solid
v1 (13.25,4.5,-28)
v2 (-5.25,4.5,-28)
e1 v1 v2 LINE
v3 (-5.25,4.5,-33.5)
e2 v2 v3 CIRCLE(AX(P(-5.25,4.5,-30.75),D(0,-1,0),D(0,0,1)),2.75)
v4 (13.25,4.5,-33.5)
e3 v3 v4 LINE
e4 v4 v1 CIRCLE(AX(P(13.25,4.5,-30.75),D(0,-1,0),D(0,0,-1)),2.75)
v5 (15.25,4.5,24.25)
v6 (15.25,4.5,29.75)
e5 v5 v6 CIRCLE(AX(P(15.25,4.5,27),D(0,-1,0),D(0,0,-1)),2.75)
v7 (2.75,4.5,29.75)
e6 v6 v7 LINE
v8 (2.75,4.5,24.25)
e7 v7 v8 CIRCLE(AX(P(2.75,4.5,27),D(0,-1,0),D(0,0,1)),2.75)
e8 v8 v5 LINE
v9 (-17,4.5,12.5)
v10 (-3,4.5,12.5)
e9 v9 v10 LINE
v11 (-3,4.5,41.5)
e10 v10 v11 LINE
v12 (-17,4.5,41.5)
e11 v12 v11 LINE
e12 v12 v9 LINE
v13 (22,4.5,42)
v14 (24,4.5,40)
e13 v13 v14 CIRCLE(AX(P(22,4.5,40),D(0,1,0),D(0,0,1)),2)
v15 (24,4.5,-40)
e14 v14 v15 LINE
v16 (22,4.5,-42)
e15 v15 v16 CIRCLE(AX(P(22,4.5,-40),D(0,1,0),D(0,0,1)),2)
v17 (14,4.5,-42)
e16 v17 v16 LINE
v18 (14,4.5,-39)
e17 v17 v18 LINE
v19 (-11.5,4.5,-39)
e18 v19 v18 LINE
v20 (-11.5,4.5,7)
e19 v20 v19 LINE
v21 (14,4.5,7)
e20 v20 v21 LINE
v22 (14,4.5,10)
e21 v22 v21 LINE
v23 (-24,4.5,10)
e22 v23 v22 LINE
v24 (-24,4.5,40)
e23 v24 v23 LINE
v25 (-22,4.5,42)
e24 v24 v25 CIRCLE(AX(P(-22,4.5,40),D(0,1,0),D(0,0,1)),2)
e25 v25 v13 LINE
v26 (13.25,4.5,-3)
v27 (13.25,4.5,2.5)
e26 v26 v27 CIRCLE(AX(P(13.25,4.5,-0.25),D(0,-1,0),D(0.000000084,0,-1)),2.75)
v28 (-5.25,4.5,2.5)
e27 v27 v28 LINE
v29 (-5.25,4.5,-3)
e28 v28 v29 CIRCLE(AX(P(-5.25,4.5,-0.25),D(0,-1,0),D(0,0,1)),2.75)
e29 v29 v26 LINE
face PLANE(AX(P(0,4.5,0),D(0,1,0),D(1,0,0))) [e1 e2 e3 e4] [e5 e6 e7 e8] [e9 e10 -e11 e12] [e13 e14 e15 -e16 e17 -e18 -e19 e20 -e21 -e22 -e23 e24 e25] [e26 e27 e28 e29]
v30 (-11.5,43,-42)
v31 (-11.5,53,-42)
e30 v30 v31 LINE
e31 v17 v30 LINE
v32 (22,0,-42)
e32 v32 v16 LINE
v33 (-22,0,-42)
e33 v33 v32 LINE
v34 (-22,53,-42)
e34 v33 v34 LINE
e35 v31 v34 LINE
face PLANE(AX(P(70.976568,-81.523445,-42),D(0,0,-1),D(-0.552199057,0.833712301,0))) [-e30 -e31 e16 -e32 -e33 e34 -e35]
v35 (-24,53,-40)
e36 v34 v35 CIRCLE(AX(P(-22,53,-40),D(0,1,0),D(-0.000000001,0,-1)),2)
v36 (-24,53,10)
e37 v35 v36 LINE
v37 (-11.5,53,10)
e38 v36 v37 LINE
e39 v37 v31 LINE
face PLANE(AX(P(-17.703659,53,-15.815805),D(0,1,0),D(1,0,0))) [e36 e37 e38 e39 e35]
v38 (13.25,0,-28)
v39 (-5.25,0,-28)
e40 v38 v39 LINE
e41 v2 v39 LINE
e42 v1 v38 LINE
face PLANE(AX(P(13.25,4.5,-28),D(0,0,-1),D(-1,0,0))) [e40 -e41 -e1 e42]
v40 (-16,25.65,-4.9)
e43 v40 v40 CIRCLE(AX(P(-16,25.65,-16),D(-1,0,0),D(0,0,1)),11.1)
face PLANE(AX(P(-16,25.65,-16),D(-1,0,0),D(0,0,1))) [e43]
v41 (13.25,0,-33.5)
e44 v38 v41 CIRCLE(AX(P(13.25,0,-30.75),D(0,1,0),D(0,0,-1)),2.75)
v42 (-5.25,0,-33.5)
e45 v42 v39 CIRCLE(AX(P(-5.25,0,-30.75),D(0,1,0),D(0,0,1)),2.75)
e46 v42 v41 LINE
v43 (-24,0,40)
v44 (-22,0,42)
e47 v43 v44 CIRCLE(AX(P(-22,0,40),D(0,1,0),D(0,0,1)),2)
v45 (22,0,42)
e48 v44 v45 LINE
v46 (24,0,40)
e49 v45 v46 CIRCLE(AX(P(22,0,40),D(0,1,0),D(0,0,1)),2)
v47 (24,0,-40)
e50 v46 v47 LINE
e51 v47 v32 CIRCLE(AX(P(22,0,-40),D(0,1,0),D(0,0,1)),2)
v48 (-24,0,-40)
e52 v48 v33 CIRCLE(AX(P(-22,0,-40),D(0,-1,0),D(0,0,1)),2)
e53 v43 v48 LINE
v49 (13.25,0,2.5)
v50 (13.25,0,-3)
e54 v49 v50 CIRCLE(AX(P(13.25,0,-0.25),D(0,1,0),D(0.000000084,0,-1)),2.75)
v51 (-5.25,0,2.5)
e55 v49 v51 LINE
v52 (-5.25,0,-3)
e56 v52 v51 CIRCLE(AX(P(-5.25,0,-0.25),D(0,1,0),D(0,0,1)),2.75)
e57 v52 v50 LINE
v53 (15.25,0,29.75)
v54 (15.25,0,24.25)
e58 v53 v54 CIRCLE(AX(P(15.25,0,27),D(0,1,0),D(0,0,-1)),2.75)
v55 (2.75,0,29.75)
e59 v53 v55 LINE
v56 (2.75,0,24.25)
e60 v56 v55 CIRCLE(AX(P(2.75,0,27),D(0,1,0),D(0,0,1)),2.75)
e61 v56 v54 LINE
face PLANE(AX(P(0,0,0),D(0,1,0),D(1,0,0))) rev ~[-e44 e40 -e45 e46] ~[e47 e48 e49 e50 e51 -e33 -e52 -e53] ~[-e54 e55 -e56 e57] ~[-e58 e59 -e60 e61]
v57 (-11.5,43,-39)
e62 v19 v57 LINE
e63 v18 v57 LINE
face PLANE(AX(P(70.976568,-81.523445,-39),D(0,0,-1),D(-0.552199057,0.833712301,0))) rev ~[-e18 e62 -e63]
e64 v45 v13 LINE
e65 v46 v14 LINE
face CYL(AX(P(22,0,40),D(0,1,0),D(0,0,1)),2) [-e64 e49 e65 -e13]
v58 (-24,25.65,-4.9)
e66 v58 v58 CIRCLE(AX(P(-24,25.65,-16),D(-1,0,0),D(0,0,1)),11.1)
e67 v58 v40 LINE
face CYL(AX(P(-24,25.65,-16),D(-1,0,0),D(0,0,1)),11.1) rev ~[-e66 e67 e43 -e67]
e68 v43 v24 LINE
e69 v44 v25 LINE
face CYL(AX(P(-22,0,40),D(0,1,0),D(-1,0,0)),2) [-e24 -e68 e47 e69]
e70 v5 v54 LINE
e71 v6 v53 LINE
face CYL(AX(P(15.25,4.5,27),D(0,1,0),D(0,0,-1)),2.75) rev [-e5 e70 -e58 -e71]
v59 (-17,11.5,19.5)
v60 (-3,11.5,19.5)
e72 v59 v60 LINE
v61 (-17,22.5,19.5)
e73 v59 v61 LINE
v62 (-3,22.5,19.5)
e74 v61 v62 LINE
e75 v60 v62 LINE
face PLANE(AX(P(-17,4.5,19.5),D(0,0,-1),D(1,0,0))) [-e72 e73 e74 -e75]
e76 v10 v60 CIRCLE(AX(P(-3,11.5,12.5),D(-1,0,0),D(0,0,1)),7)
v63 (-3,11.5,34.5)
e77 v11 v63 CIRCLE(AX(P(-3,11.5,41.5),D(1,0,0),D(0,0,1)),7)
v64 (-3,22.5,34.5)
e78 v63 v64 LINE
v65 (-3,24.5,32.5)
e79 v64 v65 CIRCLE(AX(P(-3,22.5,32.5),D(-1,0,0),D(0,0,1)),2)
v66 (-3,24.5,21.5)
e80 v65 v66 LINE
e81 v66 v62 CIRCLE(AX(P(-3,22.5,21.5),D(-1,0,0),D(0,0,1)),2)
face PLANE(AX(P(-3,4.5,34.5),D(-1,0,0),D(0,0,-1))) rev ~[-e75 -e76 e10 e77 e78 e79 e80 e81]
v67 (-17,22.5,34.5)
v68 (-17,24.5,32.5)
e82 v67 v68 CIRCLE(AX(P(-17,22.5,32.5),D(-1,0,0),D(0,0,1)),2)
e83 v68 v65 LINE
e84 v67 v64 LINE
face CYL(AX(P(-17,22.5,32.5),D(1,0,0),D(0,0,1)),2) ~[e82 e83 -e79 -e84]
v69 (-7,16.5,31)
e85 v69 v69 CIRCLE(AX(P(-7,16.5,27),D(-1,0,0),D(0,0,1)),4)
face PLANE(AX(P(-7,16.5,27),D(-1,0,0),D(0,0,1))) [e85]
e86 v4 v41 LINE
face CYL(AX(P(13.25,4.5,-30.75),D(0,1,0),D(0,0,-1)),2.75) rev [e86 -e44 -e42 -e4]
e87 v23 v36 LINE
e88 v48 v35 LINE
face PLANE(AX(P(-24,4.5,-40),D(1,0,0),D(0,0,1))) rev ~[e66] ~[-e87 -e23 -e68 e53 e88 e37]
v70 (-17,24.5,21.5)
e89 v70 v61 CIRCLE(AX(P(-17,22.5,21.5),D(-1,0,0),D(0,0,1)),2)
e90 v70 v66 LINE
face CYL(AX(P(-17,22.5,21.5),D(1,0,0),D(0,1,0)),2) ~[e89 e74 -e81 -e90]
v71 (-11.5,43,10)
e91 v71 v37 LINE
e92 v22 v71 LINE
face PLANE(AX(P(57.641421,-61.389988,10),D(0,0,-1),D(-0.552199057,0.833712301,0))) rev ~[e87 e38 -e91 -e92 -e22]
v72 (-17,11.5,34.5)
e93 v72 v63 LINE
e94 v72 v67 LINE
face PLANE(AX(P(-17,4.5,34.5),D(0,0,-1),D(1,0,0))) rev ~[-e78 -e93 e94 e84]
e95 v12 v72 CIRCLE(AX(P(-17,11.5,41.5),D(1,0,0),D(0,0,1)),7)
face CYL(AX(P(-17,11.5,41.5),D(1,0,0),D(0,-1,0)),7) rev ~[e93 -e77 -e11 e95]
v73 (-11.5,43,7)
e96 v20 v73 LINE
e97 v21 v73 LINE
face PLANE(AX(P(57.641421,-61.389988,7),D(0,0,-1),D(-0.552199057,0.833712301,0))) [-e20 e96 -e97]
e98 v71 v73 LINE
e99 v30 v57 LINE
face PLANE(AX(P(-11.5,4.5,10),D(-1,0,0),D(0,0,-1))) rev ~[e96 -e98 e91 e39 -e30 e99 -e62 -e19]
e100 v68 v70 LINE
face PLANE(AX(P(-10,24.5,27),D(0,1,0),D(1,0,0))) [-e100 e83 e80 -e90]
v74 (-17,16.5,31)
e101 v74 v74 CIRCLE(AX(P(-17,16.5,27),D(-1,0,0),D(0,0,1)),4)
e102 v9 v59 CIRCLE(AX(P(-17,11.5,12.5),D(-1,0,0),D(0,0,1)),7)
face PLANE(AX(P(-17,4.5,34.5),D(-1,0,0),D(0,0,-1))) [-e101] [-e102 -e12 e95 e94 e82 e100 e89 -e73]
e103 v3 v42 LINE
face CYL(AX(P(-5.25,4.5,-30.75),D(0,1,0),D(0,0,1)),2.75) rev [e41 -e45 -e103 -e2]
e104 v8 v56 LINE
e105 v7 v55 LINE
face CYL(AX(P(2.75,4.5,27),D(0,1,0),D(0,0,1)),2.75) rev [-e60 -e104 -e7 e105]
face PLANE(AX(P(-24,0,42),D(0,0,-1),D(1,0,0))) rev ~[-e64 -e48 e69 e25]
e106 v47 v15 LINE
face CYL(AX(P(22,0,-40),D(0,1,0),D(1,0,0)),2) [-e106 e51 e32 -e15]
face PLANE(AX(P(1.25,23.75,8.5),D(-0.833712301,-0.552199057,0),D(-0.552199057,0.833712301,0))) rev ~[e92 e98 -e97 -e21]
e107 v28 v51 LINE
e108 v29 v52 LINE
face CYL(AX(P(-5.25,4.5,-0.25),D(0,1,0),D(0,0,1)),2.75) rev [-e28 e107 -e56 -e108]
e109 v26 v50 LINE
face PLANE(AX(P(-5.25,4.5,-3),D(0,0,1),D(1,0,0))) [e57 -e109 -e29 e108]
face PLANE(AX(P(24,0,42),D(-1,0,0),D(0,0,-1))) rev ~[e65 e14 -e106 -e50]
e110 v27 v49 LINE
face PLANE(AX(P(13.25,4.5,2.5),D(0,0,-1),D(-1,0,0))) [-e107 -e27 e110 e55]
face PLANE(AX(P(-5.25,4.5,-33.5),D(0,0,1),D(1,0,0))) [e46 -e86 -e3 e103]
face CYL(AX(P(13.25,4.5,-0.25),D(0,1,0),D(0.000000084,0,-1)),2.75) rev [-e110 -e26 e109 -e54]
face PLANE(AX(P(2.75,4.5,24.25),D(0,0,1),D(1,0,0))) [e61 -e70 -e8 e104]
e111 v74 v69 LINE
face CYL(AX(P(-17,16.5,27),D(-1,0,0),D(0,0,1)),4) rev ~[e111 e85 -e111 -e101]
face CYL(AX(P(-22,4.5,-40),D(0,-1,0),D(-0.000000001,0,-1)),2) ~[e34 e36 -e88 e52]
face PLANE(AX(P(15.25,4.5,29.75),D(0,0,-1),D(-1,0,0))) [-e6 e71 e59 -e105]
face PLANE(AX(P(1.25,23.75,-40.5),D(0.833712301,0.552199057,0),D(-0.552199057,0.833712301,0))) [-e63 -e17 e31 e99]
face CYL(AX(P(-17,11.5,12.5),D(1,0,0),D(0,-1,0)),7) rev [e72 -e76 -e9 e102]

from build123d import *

# Parameters (mm, degrees)
SKETCH1_W           = 48
SKETCH1_H           = 84
BOSS_EXTRUDE1_DEPTH = 4.5
FILLET1_R           = 2
CUT_EXTRUDE1_DEPTH  = 49.582404222
BOSS_EXTRUDE2_DEPTH = 48.5
RIB1_REACH          = 104.181
SKETCH4_WALL_W      = 252.541422716
SKETCH4_WALL_H      = 3
RIB14_REACH         = 80.032
SKETCH5_WALL_W      = 204.243088956
SKETCH5_WALL_H      = 3
SKETCH6_R           = 11.1
CUT_EXTRUDE2_DEPTH  = 8
SKETCH7_W           = 14
SKETCH7_H           = 15
BOSS_EXTRUDE3_DEPTH = 20
FILLET2_R           = 7
FILLET3_R           = 2
SKETCH8_R           = 4
CUT_EXTRUDE3_DEPTH  = 10
CUT_EXTRUDE4_DEPTH  = 69.5


with BuildPart() as part:
    # Sketch1 → Boss-Extrude1 (new body)
    with BuildSketch(Plane(origin=(0, 0, 0), x_dir=(1, 0, 0), z_dir=(0, 1, 0))):
        Rectangle(SKETCH1_W, SKETCH1_H)
    extrude(amount=BOSS_EXTRUDE1_DEPTH)

    # Fillet1
    fillet1_edges = [part.edges().sort_by_distance(p)[0] for p in [
        (-24, 2.25, -42),
        (24, 2.25, -42),
        (24, 2.25, 42),
        (-24, 2.25, 42),
    ]]
    fillet(fillet1_edges, radius=FILLET1_R)

    # Sketch2 → Cut-Extrude1 (cut, through all)
    with BuildSketch(Plane(origin=(0, 4.5, 0), x_dir=(1, 0, 0), z_dir=(0, 1, 0))):
        with BuildLine():
            Line((-5.25, 33.5), (13.25, 33.5))
            ThreePointArc((13.25, 33.5), (16, 30.750000115), (13.25000023, 28))
            Line((13.25000023, 28), (-5.25, 28))
            ThreePointArc((-5.25, 28), (-8, 30.75), (-5.25, 33.5))
        make_face()
        with BuildLine():
            Line((-5.25, 3), (13.25000023, 3))
            ThreePointArc((13.25000023, 3), (16, 0.249999885), (13.25, -2.5))
            Line((13.25, -2.5), (-5.25, -2.5))
            ThreePointArc((-5.25, -2.5), (-8, 0.25), (-5.25, 3))
        make_face()
    extrude(amount=-CUT_EXTRUDE1_DEPTH, mode=Mode.SUBTRACT)

    # Sketch3 → Boss-Extrude2 (add)
    with BuildSketch(Plane(origin=(0, 4.5, 0), x_dir=(1, 0, 0), z_dir=(0, 1, 0))):
        with BuildLine():
            Line((-11.5, 42), (-22, 42))
            ThreePointArc((-22, 42), (-23.414213562, 41.414213562), (-24, 40))
            Line((-24, 40), (-24, -10))
            Line((-24, -10), (-11.5, -10))
            Line((-11.5, -10), (-11.5, 42))
        make_face()
    extrude(amount=BOSS_EXTRUDE2_DEPTH)

    # Sketch4 wall → Rib1 (add, up to next)
    with BuildSketch(Plane(origin=(1.25, 23.75, -42), x_dir=(-0.552199056825, 0.833712301481, 0), z_dir=(0.833712301481, 0.552199056825, 0)), mode=Mode.PRIVATE) as rib1_sk1:
        with Locations((0, 1.5)):
            Rectangle(SKETCH4_WALL_W, SKETCH4_WALL_H)
    rib1_tool1 = extrude(rib1_sk1.sketch, amount=-RIB1_REACH, mode=Mode.PRIVATE) - part.part
    add(rib1_tool1.solids().sort_by_distance((1.25, 23.75, -42))[0])

    # Sketch5 wall → Rib14 (add, up to next)
    with BuildSketch(Plane(origin=(1.25, 23.75, 10), x_dir=(-0.552199056825, 0.833712301481, 0), z_dir=(-0.833712301481, -0.552199056825, 0)), mode=Mode.PRIVATE) as rib14_sk1:
        with Locations((0, 1.5)):
            Rectangle(SKETCH5_WALL_W, SKETCH5_WALL_H)
    rib14_tool1 = extrude(rib14_sk1.sketch, amount=RIB14_REACH, mode=Mode.PRIVATE) - part.part
    add(rib14_tool1.solids().sort_by_distance((1.25, 23.75, 10))[0])

    # Sketch6 → Cut-Extrude2 (cut)
    with BuildSketch(Plane.ZY.offset(24)):
        with Locations((-16, 25.65)):
            Circle(SKETCH6_R)
    extrude(amount=-CUT_EXTRUDE2_DEPTH, mode=Mode.SUBTRACT)

    # Sketch7 → Boss-Extrude3 (add)
    with BuildSketch(Plane(origin=(0, 4.5, 0), x_dir=(1, 0, 0), z_dir=(0, 1, 0))):
        with Locations((-10, -27)):
            Rectangle(SKETCH7_W, SKETCH7_H)
    extrude(amount=BOSS_EXTRUDE3_DEPTH)

    # Fillet2
    fillet2_edges = [part.edges().sort_by_distance(p)[0] for p in [
        (-10, 4.5, 34.5),
        (-10, 4.5, 19.5),
    ]]
    fillet(fillet2_edges, radius=FILLET2_R)

    # Fillet3
    fillet3_edges = [part.edges().sort_by_distance(p)[0] for p in [
        (-10, 24.5, 34.5),
        (-10, 24.5, 19.5),
    ]]
    fillet(fillet3_edges, radius=FILLET3_R)

    # Sketch8 → Cut-Extrude3 (cut)
    with BuildSketch(Plane.ZY.offset(17)):
        with Locations((27, 16.5)):
            Circle(SKETCH8_R)
    extrude(amount=-CUT_EXTRUDE3_DEPTH, mode=Mode.SUBTRACT)

    # Sketch9 → Cut-Extrude4 (cut, through all)
    with BuildSketch(Plane(origin=(0, 4.5, 0), x_dir=(1, 0, 0), z_dir=(0, 1, 0))):
        with BuildLine():
            Line((2.75, -24.25), (15.25, -24.25))
            ThreePointArc((15.25, -24.25), (18, -27), (15.25, -29.75))
            Line((15.25, -29.75), (2.75, -29.75))
            ThreePointArc((2.75, -29.75), (0, -27), (2.75, -24.25))
        make_face()
    extrude(amount=-CUT_EXTRUDE4_DEPTH, mode=Mode.SUBTRACT)


solid = part.part
